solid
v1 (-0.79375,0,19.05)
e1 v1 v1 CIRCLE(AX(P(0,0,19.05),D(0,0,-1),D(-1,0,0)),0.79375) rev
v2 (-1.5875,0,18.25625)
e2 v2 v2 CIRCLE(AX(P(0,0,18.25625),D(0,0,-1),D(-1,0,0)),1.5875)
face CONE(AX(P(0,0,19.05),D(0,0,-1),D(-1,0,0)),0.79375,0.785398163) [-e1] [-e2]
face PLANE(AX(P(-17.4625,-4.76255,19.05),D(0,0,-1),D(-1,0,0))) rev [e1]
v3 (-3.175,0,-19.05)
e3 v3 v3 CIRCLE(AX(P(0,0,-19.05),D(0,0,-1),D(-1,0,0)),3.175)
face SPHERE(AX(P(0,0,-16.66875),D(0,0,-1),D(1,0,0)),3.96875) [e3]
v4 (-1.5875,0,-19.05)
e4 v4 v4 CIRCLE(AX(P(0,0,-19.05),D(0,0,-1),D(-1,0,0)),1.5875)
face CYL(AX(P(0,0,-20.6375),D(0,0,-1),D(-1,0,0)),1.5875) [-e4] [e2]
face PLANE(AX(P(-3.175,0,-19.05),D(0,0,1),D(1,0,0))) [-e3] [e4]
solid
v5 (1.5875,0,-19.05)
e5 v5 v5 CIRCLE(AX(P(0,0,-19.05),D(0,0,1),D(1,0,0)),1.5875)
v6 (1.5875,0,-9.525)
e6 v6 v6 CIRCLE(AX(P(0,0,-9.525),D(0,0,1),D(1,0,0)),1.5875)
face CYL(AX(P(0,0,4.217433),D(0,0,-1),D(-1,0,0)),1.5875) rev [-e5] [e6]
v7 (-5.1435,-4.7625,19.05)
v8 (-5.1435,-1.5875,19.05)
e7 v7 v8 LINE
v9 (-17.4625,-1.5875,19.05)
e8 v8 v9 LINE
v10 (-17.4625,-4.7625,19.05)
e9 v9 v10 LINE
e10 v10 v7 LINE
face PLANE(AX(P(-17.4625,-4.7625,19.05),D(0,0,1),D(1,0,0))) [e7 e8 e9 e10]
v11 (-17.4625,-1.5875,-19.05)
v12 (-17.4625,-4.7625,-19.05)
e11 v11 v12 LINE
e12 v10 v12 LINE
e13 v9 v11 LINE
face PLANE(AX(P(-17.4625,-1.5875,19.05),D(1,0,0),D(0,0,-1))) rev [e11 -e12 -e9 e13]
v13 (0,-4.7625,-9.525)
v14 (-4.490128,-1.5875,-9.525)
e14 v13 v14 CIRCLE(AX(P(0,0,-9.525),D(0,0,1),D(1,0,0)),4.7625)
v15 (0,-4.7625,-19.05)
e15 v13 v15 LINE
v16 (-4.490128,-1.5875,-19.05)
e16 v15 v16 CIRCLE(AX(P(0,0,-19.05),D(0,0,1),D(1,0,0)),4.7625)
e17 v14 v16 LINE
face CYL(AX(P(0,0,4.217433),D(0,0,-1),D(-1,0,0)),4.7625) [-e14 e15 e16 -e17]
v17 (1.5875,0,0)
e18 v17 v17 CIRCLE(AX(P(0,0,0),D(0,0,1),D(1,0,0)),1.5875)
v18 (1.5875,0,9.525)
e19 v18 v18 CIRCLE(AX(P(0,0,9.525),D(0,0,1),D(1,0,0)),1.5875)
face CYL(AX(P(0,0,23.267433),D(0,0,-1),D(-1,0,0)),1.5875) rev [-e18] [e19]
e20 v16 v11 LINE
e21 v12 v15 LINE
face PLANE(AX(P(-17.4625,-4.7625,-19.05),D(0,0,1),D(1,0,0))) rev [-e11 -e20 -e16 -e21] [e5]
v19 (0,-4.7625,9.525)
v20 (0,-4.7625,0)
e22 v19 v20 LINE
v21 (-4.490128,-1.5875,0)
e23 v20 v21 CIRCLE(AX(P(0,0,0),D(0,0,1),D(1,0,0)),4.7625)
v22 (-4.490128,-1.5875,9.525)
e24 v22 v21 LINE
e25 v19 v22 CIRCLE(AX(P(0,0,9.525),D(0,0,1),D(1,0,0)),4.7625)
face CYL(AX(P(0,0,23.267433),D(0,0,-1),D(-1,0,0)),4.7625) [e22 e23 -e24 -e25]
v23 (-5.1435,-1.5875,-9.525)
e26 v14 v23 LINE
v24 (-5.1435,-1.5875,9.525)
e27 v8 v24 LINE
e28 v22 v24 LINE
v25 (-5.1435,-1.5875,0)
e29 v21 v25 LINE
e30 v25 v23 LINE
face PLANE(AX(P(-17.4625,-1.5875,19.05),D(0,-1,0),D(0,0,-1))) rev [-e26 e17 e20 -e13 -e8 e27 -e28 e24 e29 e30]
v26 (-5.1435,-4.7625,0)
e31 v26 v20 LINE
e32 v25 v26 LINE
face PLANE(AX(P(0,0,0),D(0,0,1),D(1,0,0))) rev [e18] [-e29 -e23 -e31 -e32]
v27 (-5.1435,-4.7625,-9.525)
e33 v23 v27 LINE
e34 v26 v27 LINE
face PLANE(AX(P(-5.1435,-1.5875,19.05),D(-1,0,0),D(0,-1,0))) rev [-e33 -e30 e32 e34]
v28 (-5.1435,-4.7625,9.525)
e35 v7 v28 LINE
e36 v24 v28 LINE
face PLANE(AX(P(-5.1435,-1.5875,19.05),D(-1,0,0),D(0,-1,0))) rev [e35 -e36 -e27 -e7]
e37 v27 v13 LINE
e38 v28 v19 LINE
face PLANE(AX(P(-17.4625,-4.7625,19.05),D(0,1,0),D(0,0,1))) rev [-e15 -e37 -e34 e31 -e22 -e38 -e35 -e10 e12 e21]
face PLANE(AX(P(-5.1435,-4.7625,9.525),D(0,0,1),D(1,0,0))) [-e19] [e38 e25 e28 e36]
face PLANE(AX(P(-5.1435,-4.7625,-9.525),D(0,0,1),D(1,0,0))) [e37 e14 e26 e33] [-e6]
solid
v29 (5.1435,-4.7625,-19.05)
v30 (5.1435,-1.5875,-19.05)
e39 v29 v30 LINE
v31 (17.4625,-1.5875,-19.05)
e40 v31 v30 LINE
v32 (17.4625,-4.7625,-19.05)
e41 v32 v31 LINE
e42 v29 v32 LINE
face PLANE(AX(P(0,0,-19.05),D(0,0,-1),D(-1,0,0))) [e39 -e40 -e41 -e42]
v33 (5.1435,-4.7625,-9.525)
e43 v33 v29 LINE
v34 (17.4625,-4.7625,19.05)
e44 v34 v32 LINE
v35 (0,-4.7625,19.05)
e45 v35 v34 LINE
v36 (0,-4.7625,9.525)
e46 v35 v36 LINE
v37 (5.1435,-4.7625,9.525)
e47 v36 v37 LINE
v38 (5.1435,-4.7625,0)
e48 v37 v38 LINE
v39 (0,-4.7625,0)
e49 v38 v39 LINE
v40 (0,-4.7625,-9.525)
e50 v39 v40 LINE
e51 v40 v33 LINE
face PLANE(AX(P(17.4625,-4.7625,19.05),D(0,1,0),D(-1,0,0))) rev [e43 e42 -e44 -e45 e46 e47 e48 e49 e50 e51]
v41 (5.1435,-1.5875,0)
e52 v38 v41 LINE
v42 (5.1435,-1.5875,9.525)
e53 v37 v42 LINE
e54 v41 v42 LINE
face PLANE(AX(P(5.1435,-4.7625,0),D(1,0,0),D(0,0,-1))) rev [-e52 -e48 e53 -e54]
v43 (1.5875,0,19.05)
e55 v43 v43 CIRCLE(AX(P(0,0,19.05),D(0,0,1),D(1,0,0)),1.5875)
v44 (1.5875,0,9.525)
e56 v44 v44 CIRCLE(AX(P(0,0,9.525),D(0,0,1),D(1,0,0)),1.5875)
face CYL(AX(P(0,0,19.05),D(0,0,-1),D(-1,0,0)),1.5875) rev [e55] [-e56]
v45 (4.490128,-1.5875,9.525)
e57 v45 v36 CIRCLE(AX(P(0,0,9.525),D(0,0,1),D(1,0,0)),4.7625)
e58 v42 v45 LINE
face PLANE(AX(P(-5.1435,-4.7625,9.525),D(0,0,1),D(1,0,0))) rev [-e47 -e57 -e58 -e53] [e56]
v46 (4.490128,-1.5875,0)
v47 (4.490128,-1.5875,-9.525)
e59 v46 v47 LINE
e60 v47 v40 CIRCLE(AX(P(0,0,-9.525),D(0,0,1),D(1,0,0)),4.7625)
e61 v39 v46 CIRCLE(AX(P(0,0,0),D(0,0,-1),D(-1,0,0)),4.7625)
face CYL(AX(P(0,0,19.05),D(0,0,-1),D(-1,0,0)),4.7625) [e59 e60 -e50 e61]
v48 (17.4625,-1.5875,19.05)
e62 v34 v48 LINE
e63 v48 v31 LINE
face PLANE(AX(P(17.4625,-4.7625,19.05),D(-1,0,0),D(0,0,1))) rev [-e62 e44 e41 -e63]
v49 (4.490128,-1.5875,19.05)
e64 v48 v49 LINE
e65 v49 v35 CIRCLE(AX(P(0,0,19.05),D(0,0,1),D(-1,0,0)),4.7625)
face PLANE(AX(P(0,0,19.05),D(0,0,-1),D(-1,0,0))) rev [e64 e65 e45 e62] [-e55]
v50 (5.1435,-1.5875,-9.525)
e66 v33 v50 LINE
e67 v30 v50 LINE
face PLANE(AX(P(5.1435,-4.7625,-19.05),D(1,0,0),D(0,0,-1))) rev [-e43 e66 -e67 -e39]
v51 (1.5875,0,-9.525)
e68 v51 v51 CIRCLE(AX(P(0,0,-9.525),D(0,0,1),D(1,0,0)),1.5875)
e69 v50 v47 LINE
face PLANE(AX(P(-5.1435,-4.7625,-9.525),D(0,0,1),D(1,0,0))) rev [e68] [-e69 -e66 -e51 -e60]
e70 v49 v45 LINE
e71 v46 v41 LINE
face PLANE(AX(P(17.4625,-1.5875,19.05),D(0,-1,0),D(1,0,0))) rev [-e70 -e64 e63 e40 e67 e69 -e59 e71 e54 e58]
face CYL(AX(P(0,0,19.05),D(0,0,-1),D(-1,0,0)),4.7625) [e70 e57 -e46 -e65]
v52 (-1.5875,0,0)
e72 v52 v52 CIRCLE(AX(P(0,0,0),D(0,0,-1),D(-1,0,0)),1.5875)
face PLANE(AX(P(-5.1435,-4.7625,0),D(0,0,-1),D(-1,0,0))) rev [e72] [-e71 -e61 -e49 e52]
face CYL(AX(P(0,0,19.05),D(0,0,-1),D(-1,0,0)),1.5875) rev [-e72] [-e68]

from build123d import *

# Parameters (mm, degrees)
SKETCH1_R            = 1.5875
EXTRUDE1_DEPTH       = 19.05
SKETCH1_W            = 12.319
SKETCH1_H            = 3.175
EXTRUDE1_2_DEPTH     = 19.05
SKETCH10_W           = 10.287
SKETCH10_H           = 9.525
EXTRUDE6_DEPTH       = 5.7625
EXTRUDE6_DEPTH_BACK  = 5.7625
SKETCH11_R           = 1.5875
EXTRUDE7_DEPTH       = 9.525
SKETCH12_R           = 1.5875
EXTRUDE8_DEPTH       = 9.525
SKETCH19_W           = 34.925
SKETCH19_H           = 1.5875
EXTRUDE23_DEPTH      = 5.7625
EXTRUDE23_DEPTH_BACK = 5.7625
CHAMFER1_SIZE        = 0.79375


with BuildPart() as part:
    # Sketch1 → Extrude1 (new body, symmetric)
    with BuildSketch(Plane.XY):
        with BuildLine():
            Line((17.4625, -4.7625), (0, -4.7625))
            ThreePointArc((0, -4.7625), (-2.749630657, 3.888564967), (4.490128061, -1.5875))
            Line((4.490128061, -1.5875), (17.4625, -1.5875))
            Line((17.4625, -1.5875), (17.4625, -4.7625))
        make_face()
        Circle(SKETCH1_R, mode=Mode.SUBTRACT)
    extrude(amount=EXTRUDE1_DEPTH, both=True)

    # Sketch10 → Extrude6 (cut, two sides)
    with BuildSketch(Plane(origin=(0, 0, 0), x_dir=(1, 0, 0), z_dir=(0, 1, 0))) as extrude6_sk:
        with Locations((0, 14.2875)):
            Rectangle(SKETCH10_W, SKETCH10_H)
        with Locations((0, -4.7625)):
            Rectangle(SKETCH10_W, SKETCH10_H)
    extrude(amount=EXTRUDE6_DEPTH, mode=Mode.SUBTRACT)
    extrude(extrude6_sk.sketch, amount=-EXTRUDE6_DEPTH_BACK, mode=Mode.SUBTRACT)


with BuildPart() as body_2:
    # Sketch1 → Extrude1 2 (new body, symmetric)
    with BuildSketch(Plane.XY):
        with Locations((-11.303, -3.175)):
            Rectangle(SKETCH1_W, SKETCH1_H)
    extrude(amount=EXTRUDE1_2_DEPTH, both=True)

    # Sketch11 → Extrude7 (add)
    with BuildSketch(Plane.XY.offset(-19.05)):
        with BuildLine():
            Line((0, -4.7625), (-5.1435, -4.7625))
            Line((-5.1435, -4.7625), (-5.1435, -1.5875))
            Line((-5.1435, -1.5875), (-4.490128061, -1.5875))
            ThreePointArc((-4.490128061, -1.5875), (2.749630657, 3.888564967), (0, -4.7625))
        make_face()
        Circle(SKETCH11_R, mode=Mode.SUBTRACT)
    extrude(amount=EXTRUDE7_DEPTH)

    # Sketch12 → Extrude8 (add)
    with BuildSketch(Plane.XY):
        with BuildLine():
            Line((-5.1435, -4.7625), (0, -4.7625))
            ThreePointArc((0, -4.7625), (2.749630657, 3.888564967), (-4.490128061, -1.5875))
            Line((-4.490128061, -1.5875), (-5.1435, -1.5875))
            Line((-5.1435, -1.5875), (-5.1435, -4.7625))
        make_face()
        Circle(SKETCH12_R, mode=Mode.SUBTRACT)
    extrude(amount=EXTRUDE8_DEPTH)


with BuildPart() as body_3:
    # Sketch6 → Revolve1 (revolve)
    with BuildSketch(Plane(origin=(0, 0, 0), x_dir=(1, 0, 0), z_dir=(0, 1, 0))):
        with BuildLine():
            Line((-3.175, 19.05), (-1.5875, 19.05))
            Line((-1.5875, 19.05), (-1.5875, -19.05))
            Line((-1.5875, -19.05), (-3.175, -19.05))
            ThreePointArc((-3.175, -19.05), (-1.774878957, -20.218507914), (0, -20.6375))
            Line((0, -20.6375), (0, 20.6375))
            ThreePointArc((0, 20.6375), (-1.774878957, 20.218507914), (-3.175, 19.05))
        make_face()
    revolve(axis=Axis((0, 0, -20.6375), (0, 0, 1)))

    # Sketch19 → Extrude23 (cut, two sides)
    with BuildSketch(Plane(origin=(0, 0, 0), x_dir=(1, 0, 0), z_dir=(0, 1, 0))) as extrude23_sk:
        with Locations((0, -19.84375)):
            Rectangle(SKETCH19_W, SKETCH19_H)
    extrude(amount=EXTRUDE23_DEPTH, mode=Mode.SUBTRACT)
    extrude(extrude23_sk.sketch, amount=-EXTRUDE23_DEPTH_BACK, mode=Mode.SUBTRACT)

    # Chamfer1
    chamfer1_edges = [body_3.edges().sort_by_distance(p)[0] for p in [
        (1.5875, 0, 19.05),
    ]]
    chamfer(chamfer1_edges, length=CHAMFER1_SIZE)


solid = Compound([part.part, body_2.part, body_3.part])
